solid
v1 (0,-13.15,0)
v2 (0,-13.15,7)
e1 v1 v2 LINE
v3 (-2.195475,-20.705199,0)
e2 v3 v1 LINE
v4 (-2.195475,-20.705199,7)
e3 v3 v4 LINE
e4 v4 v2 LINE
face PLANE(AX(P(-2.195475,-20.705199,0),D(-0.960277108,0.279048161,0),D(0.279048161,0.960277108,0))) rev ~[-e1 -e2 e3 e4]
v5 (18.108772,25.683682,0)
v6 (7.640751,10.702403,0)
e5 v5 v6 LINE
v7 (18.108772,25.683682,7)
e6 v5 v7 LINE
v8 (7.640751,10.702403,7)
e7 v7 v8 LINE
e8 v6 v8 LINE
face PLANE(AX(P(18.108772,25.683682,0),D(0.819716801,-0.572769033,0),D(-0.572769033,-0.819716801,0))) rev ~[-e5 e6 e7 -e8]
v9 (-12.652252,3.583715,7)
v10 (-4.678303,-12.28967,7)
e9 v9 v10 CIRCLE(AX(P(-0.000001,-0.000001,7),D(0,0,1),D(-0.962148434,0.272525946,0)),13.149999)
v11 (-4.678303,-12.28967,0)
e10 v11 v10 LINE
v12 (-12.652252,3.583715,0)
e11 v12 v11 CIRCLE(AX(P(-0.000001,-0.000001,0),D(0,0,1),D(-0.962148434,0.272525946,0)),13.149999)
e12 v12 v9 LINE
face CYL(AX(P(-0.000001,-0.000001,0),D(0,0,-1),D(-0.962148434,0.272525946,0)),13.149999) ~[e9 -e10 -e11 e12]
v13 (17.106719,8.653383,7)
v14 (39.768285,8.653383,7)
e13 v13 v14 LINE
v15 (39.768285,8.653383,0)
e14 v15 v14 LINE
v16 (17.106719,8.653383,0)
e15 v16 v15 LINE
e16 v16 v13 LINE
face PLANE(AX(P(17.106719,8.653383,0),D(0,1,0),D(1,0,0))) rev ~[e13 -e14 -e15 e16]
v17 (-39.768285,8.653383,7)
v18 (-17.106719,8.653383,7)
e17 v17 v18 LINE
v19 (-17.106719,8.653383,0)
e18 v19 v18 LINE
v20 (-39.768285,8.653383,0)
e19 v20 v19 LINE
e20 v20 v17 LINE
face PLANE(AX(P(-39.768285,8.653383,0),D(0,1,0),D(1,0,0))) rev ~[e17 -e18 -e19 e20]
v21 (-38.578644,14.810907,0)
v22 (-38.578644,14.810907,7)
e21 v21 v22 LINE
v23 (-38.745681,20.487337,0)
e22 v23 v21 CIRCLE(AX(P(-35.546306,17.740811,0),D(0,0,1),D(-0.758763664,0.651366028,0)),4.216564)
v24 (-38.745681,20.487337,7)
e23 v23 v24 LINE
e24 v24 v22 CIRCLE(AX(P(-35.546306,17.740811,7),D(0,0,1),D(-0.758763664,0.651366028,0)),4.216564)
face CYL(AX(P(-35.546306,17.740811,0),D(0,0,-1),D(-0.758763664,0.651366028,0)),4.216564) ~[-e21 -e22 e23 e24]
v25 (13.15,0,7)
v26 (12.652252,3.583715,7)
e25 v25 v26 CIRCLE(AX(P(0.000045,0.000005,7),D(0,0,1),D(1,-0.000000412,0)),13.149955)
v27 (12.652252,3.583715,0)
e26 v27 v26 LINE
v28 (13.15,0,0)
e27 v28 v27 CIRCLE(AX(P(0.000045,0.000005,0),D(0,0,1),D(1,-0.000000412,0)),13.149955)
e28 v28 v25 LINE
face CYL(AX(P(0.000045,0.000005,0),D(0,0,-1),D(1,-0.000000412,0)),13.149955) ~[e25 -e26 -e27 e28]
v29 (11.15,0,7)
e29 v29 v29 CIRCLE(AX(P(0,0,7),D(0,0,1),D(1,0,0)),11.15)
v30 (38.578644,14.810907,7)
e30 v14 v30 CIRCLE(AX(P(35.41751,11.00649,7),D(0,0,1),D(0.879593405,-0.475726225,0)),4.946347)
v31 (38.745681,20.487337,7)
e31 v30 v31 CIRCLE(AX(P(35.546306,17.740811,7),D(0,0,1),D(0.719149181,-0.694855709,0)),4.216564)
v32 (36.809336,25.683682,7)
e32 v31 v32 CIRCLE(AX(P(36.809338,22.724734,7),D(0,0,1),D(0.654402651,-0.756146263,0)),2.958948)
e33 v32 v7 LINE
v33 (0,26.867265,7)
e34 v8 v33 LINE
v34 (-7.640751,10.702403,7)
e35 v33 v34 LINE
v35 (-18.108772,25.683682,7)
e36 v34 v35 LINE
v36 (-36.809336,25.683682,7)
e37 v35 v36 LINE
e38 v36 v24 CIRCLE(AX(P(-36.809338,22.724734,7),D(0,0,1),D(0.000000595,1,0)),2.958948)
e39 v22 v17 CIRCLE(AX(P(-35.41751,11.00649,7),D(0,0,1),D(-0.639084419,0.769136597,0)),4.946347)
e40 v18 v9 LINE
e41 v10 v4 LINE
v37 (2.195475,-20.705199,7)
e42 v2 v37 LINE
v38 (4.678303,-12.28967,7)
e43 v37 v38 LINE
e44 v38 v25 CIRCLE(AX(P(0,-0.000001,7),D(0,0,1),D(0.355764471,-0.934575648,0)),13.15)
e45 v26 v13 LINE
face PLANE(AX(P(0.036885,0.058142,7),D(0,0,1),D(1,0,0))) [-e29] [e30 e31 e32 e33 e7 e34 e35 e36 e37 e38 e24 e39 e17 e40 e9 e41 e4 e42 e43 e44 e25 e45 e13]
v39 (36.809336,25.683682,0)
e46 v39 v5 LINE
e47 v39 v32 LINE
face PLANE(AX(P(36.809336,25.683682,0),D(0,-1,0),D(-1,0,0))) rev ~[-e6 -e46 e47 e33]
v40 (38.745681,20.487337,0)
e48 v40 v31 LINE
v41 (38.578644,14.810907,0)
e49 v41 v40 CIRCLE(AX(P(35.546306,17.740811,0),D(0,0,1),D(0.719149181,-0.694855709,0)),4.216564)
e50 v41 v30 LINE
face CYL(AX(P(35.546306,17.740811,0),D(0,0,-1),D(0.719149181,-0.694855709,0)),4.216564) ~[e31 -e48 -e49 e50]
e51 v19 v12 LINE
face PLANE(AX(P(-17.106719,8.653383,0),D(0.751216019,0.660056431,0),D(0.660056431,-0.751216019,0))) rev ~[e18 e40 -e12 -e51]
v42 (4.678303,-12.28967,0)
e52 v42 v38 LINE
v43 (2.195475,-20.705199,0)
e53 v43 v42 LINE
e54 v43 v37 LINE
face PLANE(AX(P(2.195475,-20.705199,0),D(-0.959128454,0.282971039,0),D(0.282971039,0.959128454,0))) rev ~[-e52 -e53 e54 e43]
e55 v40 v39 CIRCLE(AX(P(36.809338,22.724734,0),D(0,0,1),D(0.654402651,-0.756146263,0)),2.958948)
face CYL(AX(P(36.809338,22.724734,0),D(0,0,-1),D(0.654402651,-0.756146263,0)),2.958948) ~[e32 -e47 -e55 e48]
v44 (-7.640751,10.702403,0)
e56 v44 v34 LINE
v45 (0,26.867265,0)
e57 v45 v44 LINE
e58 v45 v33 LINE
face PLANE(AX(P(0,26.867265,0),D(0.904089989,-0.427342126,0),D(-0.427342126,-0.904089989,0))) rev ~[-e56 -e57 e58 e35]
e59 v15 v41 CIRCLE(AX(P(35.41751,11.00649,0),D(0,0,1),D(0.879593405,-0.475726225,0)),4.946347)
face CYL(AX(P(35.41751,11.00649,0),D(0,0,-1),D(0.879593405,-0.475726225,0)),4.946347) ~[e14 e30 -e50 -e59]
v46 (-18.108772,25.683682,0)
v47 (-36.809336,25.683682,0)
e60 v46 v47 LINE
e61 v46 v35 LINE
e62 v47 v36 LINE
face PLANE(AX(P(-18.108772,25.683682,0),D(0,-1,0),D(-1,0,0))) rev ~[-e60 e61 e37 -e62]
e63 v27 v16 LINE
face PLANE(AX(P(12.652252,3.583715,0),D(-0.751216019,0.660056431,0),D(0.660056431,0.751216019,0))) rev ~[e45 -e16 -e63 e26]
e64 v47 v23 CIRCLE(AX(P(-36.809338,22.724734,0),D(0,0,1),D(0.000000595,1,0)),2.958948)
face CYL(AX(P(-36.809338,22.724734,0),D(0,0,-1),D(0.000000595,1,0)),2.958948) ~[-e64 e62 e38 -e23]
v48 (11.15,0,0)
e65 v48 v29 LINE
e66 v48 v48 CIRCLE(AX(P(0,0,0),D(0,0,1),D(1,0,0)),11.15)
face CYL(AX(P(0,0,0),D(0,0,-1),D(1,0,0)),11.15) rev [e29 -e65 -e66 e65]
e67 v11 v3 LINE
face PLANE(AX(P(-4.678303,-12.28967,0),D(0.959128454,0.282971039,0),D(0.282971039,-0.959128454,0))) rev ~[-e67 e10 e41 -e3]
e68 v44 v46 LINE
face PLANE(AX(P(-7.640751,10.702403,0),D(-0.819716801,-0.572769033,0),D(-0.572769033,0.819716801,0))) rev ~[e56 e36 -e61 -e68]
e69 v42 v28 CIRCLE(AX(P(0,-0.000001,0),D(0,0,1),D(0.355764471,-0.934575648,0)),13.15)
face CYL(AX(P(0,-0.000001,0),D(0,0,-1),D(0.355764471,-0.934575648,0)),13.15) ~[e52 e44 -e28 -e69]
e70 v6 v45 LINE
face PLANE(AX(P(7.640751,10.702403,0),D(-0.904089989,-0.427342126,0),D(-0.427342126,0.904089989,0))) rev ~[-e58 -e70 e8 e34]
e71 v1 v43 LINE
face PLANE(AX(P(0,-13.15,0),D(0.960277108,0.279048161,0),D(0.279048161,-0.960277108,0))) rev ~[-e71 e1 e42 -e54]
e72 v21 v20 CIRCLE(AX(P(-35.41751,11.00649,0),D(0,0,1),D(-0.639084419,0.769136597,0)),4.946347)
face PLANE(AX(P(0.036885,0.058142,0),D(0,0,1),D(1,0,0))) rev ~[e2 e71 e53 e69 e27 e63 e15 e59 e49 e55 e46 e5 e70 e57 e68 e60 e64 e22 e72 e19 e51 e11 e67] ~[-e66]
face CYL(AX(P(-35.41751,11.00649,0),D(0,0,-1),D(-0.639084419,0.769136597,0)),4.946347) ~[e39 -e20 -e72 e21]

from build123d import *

# Parameters (mm, degrees)
F0_R     = 11.15
F1_DEPTH = 7


with BuildPart() as f1:
    # F0 (on Top) → F1 (new body)
    with BuildSketch(Plane.XY):
        with BuildLine():
            ThreePointArc((4.678303, -12.28967), (10.826869, -7.463338), (13.15, 0))
            ThreePointArc((13.15, 0), (13.024969, 1.809058), (12.652252, 3.583715))
            ThreePointArc((12.652252, 3.583715), (11.573582, 6.242972), (9.943738, 8.604916))
            ThreePointArc((9.943738, 8.604916), (8.854571, 9.722092), (7.640751, 10.702403))
            ThreePointArc((7.640751, 10.702403), (5.80718, 11.798269), (3.820376, 12.582815))
            ThreePointArc((3.820376, 12.582815), (0, 13.15), (-3.820376, 12.582815))
            ThreePointArc((-3.820376, 12.582815), (-5.80718, 11.798269), (-7.640751, 10.702403))
            ThreePointArc((-7.640751, 10.702403), (-8.854571, 9.722092), (-9.943738, 8.604916))
            ThreePointArc((-9.943738, 8.604916), (-11.573582, 6.242972), (-12.652252, 3.583715))
            ThreePointArc((-12.652252, 3.583715), (-11.750665, -5.902913), (-4.678303, -12.28967))
            ThreePointArc((-4.678303, -12.28967), (-2.378376, -12.933129), (0, -13.15))
            ThreePointArc((0, -13.15), (2.378376, -12.933129), (4.678303, -12.28967))
        make_face()
        Circle(F0_R, mode=Mode.SUBTRACT)
        with BuildLine():
            ThreePointArc((9.943738, 8.604916), (11.573582, 6.242972), (12.652252, 3.583715))
            Line((12.652252, 3.583715), (17.106719, 8.653383))
            Line((17.106719, 8.653383), (39.768285, 8.653383))
            ThreePointArc((39.768285, 8.653383), (40.274049, 11.944779), (38.578644, 14.810907))
            Line((38.578644, 14.810907), (14.483897, 14.810907))
            Line((14.483897, 14.810907), (9.943738, 8.604916))
        make_face()
        with BuildLine():
            Line((2.195475, -20.705199), (4.678303, -12.28967))
            ThreePointArc((4.678303, -12.28967), (2.378376, -12.933129), (0, -13.15))
            Line((0, -13.15), (2.195475, -20.705199))
        make_face()
        with BuildLine():
            ThreePointArc((7.640751, 10.702403), (8.854571, 9.722092), (9.943738, 8.604916))
            Line((9.943738, 8.604916), (14.483897, 14.810907))
            Line((14.483897, 14.810907), (18.108772, 19.765785))
            Line((18.108772, 19.765785), (36.809336, 19.765785))
            ThreePointArc((36.809336, 19.765785), (37.842544, 19.952035), (38.745681, 20.487337))
            ThreePointArc((38.745681, 20.487337), (39.582036, 23.757941), (36.809336, 25.683682))
            Line((36.809336, 25.683682), (18.108772, 25.683682))
            Line((18.108772, 25.683682), (7.640751, 10.702403))
        make_face()
        with BuildLine():
            Line((-2.195475, -20.705199), (0, -13.15))
            ThreePointArc((0, -13.15), (-2.378376, -12.933129), (-4.678303, -12.28967))
            Line((-4.678303, -12.28967), (-2.195475, -20.705199))
        make_face()
        with BuildLine():
            ThreePointArc((3.820376, 12.582815), (5.80718, 11.798269), (7.640751, 10.702403))
            Line((7.640751, 10.702403), (0, 26.867265))
            Line((0, 26.867265), (-7.640751, 10.702403))
            ThreePointArc((-7.640751, 10.702403), (-5.80718, 11.798269), (-3.820376, 12.582815))
            Line((-3.820376, 12.582815), (0, 20.475931))
            Line((0, 20.475931), (3.820376, 12.582815))
        make_face()
        with BuildLine():
            Line((18.108772, 19.765785), (14.483897, 14.810907))
            Line((14.483897, 14.810907), (38.578644, 14.810907))
            ThreePointArc((38.578644, 14.810907), (39.761045, 17.616785), (38.745681, 20.487337))
            ThreePointArc((38.745681, 20.487337), (37.842544, 19.952035), (36.809336, 19.765785))
            Line((36.809336, 19.765785), (18.108772, 19.765785))
        make_face()
        with BuildLine():
            Line((-17.106719, 8.653383), (-12.652252, 3.583715))
            ThreePointArc((-12.652252, 3.583715), (-11.573582, 6.242972), (-9.943738, 8.604916))
            Line((-9.943738, 8.604916), (-14.483897, 14.810907))
            Line((-14.483897, 14.810907), (-38.578644, 14.810907))
            ThreePointArc((-38.578644, 14.810907), (-40.274049, 11.944779), (-39.768285, 8.653383))
            Line((-39.768285, 8.653383), (-17.106719, 8.653383))
        make_face()
        with BuildLine():
            ThreePointArc((-9.943738, 8.604916), (-8.854571, 9.722092), (-7.640751, 10.702403))
            Line((-7.640751, 10.702403), (-18.108772, 25.683682))
            Line((-18.108772, 25.683682), (-36.809336, 25.683682))
            ThreePointArc((-36.809336, 25.683682), (-39.582036, 23.757941), (-38.745681, 20.487337))
            ThreePointArc((-38.745681, 20.487337), (-37.842544, 19.952035), (-36.809336, 19.765785))
            Line((-36.809336, 19.765785), (-18.108772, 19.765785))
            Line((-18.108772, 19.765785), (-14.483897, 14.810907))
            Line((-14.483897, 14.810907), (-9.943738, 8.604916))
        make_face()
        with BuildLine():
            Line((-38.578644, 14.810907), (-14.483897, 14.810907))
            Line((-14.483897, 14.810907), (-18.108772, 19.765785))
            Line((-18.108772, 19.765785), (-36.809336, 19.765785))
            ThreePointArc((-36.809336, 19.765785), (-37.842544, 19.952035), (-38.745681, 20.487337))
            ThreePointArc((-38.745681, 20.487337), (-39.761045, 17.616785), (-38.578644, 14.810907))
        make_face()
        with BuildLine():
            ThreePointArc((-3.820376, 12.582815), (0, 13.15), (3.820376, 12.582815))
            Line((3.820376, 12.582815), (0, 20.475931))
            Line((0, 20.475931), (-3.820376, 12.582815))
        make_face()
    extrude(amount=F1_DEPTH)


solid = f1.part
